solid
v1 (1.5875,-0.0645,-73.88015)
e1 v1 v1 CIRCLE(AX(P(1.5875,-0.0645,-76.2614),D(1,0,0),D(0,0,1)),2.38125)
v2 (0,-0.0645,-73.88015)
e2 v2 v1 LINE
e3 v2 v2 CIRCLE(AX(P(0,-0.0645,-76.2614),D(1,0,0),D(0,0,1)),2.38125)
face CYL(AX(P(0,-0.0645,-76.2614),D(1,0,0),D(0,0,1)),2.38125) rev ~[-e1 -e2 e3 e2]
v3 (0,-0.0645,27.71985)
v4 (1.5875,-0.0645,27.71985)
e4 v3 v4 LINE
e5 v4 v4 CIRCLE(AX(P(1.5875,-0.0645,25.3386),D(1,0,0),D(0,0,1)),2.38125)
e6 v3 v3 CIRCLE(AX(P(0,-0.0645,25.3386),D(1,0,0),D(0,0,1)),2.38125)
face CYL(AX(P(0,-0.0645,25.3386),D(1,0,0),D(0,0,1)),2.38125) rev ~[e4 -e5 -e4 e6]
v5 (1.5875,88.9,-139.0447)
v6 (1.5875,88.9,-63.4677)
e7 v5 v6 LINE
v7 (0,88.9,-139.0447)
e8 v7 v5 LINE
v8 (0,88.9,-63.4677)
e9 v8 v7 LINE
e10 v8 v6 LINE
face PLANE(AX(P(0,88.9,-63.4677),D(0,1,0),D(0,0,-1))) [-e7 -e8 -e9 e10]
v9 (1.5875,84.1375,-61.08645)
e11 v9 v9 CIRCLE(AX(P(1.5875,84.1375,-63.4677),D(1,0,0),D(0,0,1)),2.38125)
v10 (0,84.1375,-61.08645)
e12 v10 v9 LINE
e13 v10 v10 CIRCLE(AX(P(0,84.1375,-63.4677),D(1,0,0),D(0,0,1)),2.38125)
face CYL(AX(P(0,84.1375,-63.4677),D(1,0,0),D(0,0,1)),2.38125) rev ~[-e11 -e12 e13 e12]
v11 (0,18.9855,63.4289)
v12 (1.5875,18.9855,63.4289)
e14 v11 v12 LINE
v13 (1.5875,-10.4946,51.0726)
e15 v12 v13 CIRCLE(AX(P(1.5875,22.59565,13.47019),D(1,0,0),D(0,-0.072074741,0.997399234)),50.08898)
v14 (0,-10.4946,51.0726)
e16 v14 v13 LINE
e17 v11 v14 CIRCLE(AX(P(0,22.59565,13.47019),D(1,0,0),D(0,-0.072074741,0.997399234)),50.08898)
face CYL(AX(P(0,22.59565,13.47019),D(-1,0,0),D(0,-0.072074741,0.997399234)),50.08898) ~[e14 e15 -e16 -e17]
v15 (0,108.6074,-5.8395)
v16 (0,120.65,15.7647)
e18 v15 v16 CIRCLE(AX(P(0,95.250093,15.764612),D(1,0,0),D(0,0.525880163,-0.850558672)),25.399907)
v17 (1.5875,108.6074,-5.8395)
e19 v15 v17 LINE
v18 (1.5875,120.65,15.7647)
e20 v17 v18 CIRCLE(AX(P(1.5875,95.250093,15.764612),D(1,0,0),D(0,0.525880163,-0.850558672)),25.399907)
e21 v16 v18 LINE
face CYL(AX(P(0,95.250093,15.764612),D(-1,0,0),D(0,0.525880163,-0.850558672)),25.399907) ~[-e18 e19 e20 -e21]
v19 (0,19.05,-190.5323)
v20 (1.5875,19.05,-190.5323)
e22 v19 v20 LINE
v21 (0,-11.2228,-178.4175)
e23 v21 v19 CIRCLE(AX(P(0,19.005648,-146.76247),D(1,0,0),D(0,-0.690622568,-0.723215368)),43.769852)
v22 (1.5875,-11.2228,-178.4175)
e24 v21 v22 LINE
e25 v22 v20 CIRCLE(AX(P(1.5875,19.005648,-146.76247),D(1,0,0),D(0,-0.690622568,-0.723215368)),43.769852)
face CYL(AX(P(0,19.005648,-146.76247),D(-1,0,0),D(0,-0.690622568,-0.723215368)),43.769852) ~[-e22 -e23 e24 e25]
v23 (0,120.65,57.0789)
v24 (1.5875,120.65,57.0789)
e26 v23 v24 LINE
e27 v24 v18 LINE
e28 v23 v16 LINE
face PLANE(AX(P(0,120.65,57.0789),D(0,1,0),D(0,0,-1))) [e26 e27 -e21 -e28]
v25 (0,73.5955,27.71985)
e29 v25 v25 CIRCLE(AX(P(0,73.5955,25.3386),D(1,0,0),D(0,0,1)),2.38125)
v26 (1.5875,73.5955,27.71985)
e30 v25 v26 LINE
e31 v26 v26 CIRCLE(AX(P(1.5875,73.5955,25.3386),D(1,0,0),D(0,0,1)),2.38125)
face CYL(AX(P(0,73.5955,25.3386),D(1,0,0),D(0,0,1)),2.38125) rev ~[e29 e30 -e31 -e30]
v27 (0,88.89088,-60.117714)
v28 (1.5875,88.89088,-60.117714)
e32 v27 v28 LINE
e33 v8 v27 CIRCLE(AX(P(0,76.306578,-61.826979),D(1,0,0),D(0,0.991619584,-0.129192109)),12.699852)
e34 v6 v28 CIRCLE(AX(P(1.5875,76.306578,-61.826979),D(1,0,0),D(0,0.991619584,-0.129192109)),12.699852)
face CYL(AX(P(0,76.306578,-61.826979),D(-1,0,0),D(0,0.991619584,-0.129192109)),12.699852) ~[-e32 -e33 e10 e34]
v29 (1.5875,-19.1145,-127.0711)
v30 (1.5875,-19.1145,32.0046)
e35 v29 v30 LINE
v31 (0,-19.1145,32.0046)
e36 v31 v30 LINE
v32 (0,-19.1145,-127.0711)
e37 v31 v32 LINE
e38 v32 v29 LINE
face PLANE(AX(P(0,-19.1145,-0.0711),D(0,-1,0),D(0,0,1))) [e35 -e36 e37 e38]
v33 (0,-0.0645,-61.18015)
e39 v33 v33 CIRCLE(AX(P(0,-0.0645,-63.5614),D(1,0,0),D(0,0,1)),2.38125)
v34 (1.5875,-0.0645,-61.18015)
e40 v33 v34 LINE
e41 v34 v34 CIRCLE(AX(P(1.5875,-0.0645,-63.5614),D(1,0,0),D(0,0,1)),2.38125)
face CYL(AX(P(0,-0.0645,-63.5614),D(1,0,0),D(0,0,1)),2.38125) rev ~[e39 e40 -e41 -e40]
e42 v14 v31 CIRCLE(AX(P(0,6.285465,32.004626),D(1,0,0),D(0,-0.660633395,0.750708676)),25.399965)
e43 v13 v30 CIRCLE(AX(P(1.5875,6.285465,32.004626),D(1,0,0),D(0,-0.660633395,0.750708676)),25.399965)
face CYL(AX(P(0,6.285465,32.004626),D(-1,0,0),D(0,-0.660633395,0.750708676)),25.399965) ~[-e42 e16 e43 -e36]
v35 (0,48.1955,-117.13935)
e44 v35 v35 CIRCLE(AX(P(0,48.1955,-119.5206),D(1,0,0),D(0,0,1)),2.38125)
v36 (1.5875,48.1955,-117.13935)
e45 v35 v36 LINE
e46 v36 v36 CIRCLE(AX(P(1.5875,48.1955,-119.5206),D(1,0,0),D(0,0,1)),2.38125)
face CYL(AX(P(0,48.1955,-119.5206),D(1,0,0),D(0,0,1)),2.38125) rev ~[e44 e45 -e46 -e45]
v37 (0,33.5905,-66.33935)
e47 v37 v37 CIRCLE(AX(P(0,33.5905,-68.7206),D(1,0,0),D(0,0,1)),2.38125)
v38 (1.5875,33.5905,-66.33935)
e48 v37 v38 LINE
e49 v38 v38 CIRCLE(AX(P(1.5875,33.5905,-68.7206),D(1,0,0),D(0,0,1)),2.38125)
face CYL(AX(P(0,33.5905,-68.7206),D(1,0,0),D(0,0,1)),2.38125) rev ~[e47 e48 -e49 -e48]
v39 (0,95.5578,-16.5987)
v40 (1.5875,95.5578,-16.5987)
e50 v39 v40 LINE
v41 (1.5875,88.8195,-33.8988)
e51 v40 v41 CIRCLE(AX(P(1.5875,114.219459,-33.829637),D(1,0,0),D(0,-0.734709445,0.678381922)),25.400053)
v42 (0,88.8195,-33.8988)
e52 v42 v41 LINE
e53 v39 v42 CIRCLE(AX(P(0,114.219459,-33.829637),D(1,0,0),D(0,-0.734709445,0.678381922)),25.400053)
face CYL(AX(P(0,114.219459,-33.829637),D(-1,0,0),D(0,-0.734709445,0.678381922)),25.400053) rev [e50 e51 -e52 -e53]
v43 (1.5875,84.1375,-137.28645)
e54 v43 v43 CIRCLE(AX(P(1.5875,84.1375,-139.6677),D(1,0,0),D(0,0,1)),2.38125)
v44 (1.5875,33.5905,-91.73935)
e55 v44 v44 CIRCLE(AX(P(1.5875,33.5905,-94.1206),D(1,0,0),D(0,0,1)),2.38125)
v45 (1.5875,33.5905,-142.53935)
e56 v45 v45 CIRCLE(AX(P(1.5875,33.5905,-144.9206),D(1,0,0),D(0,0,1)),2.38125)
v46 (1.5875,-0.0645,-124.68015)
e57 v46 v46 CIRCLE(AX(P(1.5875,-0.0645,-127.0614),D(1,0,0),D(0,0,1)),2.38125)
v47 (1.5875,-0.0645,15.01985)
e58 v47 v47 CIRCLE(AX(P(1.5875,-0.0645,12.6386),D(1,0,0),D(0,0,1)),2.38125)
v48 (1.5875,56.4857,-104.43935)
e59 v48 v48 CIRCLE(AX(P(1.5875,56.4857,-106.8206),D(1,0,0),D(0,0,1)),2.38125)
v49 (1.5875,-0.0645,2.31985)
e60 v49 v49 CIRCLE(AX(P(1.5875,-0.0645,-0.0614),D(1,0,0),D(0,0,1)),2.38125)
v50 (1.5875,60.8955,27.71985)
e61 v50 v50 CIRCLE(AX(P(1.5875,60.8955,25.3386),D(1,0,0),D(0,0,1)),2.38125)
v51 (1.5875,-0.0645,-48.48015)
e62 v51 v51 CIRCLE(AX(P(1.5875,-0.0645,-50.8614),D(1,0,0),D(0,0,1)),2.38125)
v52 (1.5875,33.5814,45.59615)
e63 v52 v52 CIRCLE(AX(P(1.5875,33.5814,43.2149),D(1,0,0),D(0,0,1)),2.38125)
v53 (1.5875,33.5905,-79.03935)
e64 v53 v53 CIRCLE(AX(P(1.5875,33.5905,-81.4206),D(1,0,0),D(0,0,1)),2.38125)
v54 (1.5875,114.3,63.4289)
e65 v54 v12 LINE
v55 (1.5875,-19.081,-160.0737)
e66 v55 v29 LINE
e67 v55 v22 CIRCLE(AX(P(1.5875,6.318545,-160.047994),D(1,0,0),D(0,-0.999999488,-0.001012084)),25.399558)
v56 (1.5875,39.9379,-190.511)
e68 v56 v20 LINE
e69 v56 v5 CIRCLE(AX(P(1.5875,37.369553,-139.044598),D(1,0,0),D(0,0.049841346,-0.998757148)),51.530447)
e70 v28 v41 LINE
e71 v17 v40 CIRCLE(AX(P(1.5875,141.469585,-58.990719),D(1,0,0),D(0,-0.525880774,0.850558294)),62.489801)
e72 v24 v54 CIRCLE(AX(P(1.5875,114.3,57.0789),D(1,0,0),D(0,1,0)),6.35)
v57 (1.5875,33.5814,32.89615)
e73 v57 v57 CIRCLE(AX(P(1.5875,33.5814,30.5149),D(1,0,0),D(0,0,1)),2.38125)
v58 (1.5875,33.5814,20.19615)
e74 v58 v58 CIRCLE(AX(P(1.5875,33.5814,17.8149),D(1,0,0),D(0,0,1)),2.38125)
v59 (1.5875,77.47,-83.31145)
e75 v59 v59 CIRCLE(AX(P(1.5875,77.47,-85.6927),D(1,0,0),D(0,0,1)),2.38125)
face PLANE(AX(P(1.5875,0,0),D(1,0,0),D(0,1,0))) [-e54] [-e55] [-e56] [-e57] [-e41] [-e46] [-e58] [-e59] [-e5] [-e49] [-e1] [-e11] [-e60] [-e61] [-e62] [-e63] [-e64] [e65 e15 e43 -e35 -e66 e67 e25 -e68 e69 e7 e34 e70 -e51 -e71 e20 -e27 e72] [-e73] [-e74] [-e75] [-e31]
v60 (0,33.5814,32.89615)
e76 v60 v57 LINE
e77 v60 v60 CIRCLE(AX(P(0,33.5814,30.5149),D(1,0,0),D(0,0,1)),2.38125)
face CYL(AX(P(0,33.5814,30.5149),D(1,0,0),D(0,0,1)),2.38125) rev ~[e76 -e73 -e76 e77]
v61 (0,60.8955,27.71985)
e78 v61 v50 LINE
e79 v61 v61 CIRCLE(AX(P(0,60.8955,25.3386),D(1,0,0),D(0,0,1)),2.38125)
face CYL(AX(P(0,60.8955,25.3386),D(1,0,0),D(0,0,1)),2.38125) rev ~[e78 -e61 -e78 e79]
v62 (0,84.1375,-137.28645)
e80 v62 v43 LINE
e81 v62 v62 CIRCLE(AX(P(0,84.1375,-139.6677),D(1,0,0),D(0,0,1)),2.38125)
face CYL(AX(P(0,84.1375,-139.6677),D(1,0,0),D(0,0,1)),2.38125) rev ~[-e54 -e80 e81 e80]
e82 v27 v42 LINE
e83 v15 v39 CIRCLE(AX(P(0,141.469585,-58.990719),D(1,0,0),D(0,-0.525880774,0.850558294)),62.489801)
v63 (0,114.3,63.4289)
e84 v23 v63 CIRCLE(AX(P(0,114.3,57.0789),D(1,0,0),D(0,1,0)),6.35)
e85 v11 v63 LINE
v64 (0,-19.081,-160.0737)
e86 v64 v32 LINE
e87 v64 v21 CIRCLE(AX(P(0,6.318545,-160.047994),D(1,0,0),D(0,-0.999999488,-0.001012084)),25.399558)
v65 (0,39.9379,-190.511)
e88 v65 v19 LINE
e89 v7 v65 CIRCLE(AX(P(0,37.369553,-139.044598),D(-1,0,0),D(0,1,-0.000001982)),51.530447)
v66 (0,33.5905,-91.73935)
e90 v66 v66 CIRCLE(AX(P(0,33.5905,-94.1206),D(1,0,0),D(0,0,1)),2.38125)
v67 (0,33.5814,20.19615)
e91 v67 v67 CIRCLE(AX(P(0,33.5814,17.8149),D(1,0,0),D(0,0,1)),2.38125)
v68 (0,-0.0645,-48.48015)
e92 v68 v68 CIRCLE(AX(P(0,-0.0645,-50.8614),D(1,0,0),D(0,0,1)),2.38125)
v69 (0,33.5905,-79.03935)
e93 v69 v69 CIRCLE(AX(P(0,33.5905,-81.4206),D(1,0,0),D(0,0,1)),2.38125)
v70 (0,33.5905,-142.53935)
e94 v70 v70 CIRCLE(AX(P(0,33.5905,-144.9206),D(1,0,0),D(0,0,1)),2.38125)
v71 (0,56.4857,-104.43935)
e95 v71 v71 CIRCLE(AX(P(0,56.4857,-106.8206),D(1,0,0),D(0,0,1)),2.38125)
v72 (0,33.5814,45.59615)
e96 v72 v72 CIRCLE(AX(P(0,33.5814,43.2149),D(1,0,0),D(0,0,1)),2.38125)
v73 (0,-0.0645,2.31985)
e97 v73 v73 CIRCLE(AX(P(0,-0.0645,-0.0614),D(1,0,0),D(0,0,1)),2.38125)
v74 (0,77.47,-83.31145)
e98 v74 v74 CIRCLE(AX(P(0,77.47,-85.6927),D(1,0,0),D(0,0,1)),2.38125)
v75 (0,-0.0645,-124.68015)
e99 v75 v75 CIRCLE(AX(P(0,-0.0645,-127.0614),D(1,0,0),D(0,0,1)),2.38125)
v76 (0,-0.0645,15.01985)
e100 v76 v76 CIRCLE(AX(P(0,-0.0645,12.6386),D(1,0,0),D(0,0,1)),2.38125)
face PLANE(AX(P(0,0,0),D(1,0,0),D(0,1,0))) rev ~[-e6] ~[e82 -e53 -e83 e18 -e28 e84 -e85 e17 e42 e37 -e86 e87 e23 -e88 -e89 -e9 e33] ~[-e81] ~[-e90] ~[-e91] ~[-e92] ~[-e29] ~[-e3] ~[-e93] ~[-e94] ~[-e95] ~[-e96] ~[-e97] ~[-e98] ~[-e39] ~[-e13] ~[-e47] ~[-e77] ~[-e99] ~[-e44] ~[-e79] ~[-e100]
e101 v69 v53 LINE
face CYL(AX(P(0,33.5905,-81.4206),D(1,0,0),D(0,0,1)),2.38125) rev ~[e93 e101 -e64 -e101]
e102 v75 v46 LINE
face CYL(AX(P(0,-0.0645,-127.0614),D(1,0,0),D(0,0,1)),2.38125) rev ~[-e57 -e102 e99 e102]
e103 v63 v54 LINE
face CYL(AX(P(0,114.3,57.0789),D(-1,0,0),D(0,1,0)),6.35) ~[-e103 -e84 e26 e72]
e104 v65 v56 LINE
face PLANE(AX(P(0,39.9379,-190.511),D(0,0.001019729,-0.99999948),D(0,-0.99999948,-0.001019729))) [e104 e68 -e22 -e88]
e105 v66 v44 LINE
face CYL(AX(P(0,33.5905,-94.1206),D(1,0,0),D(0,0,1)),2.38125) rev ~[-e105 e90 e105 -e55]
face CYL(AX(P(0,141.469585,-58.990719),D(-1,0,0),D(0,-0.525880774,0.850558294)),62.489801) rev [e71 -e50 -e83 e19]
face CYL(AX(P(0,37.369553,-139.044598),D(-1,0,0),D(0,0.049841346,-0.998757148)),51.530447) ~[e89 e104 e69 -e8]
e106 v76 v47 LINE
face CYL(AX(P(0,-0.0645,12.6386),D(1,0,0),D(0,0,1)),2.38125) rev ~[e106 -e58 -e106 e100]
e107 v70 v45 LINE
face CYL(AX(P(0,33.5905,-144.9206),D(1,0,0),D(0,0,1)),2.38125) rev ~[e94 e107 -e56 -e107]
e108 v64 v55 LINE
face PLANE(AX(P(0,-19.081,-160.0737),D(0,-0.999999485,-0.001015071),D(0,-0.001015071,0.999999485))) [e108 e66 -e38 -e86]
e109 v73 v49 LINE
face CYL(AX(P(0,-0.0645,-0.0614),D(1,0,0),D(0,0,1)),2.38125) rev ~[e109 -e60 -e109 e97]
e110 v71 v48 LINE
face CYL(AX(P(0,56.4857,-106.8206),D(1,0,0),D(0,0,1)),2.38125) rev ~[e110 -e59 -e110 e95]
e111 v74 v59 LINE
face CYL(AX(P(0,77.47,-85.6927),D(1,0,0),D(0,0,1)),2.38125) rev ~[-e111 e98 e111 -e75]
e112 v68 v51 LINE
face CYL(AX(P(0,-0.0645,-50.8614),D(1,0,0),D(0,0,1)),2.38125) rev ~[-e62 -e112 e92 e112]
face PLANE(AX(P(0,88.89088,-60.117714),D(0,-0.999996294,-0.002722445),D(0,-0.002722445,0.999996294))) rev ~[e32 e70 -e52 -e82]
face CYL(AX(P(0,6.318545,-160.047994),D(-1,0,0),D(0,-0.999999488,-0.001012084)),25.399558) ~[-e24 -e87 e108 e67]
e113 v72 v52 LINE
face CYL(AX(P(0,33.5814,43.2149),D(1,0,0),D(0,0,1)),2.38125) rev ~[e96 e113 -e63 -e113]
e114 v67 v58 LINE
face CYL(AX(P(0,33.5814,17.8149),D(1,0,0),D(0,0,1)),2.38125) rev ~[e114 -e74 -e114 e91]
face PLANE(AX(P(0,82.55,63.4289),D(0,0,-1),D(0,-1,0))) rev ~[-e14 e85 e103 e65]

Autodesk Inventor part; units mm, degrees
ref_plane "YZ Plane" through (0, 0, 0) normal (1, 0, 0) x (0, 1, 0)
ref_plane "XZ Plane" through (0, 0, 0) normal (0, 1, 0) x (-1, 0, 0)
ref_plane "XY Plane" through (0, 0, 0) normal (0, 0, 1) x (1, 0, 0)
sketch "Sketch1" plane through (0, 0, 0) normal (1, 0, 0) x (0, 1, 0)
  line L0 (-0.0645, -0.0614) -> (-0.0645, 12.6386) construction
  line L1 (-0.0645, 12.6386) -> (-0.0645, 25.3386) construction
  line L2 (-0.0645, -0.0614) -> (33.5905, -0.0614) construction
  line L3 (-0.0645, -0.0614) -> (33.5814, 17.8149) construction
  line L4 (33.5814, 17.8149) -> (33.5814, 30.5149) construction
  line L5 (33.5814, 30.5149) -> (33.5814, 43.2149) construction
  line L6 (-0.0645, -0.0614) -> (-0.0645, -25.4614) construction
  line L7 (-0.0645, -25.4614) -> (-0.0645, -50.8614) construction
  line L8 (-0.0645, -50.8614) -> (-0.0645, -88.9614) construction
  line L9 (-0.0645, -88.9614) -> (-0.0645, -127.0614) construction
  line L10 (-0.0645, -127.0614) -> (33.5905, -127.0614) construction
  line L11 (-0.0645, -127.0614) -> (33.5905, -144.9206) construction
  line L12 (-0.0645, -50.8614) -> (33.5905, -50.8614) construction
  line L13 (-0.0645, -50.8614) -> (33.5905, -68.7206) construction
  line L14 (33.5905, -68.7206) -> (33.5905, -81.4206) construction
  line L15 (33.5905, -81.4206) -> (33.5905, -94.1206) construction
  line L16 (33.5905, -144.9206) -> (33.5905, -106.8206) construction
  line L17 (33.5905, -106.8206) -> (96.5027, -106.8206) construction
  line L18 (33.5905, -144.9206) -> (56.4857, -106.8206) construction
  line L19 (33.5905, -68.7206) -> (56.4857, -106.8206) construction
  line L20 (-0.0645, -50.8614) -> (-0.0645, -63.5614) construction
  line L21 (-0.0645, -63.5614) -> (-0.0645, -76.2614) construction
  line L22 (33.5905, -0.0614) -> (67.2455, -0.0614) construction
  line L23 (67.2455, -0.0614) -> (33.5814, 17.8149) construction
  line L24 (67.2455, -0.0614) -> (67.2455, 25.3386) construction
  line L25 (67.2455, 25.3386) -> (67.2455, 25.3386) construction
  line L26 (67.2455, 25.3386) -> (73.5955, 25.3386) construction
  line L27 (67.2455, 25.3386) -> (60.8955, 25.3386) construction
  line L28 (-19.1145, -0.0711) -> (-19.1145, -127.0711)
  line L29 (-19.1145, -0.0711) -> (-19.1145, 32.0046)
  line L30 (-19.1145, 63.4289) -> (18.9855, 63.4289) construction
  line L31 (39.9379, -190.511) -> (19.05, -190.5323)
  line L32 (-19.05, -190.571) -> (-19.0726, -168.346) construction
  line L33 (-19.1145, 63.4289) -> (18.9855, 63.4289)
  line L34 (-19.1145, 63.4289) -> (-19.1145, 41.2039) construction
  line L35 (-19.05, -190.571) -> (-19.0726, -168.346)
  line L36 (-19.05, -190.571) -> (19.05, -190.5323) construction
  arc A0 (-11.2228, -178.4175) -> (19.05, -190.5323) centre (19.0055, -146.7627) ccw
  arc A1 (18.9855, 63.4289) -> (-10.4946, 51.0726) centre (22.5956, 13.4704) ccw
  line L37 (-19.1145, 41.2039) -> (-19.1145, 63.4289)
  line L38 (-19.081, -160.0737) -> (-19.1145, -127.0711)
  line L39 (19.05, -190.5323) -> (-19.05, -190.571)
  arc A2 (-10.4946, 51.0726) -> (-19.1145, 32.0046) centre (6.2855, 32.0046) ccw
  arc A3 (-19.081, -160.0737) -> (-11.2228, -178.4175) centre (6.319, -160.0479) ccw
  line L40 (82.55, -43.1133) -> (82.55, -47.5335)
  line L41 (82.55, -190.4677) -> (82.55, -154.3842)
  line L42 (82.55, 3.175) -> (82.55, 63.4289)
  line L43 (82.55, 63.4289) -> (18.9855, 63.4289)
  line L44 (19.05, -190.5323) -> (50.8, -190.5)
  line L45 (82.55, -190.4677) -> (82.55, -117.4427)
  arc A4 (59.4372, -181.357) -> (82.55, -117.4427) centre (-17.378, -117.4427) ccw
  arc A5 (39.9379, -190.511) -> (59.4372, -181.357) centre (39.9121, -165.1111) ccw
  line L46 (82.55, 63.4289) -> (82.55, -38.1711)
  line L47 (82.55, 63.4289) -> (114.3, 63.4289)
  line L48 (120.65, 57.0789) -> (120.65, 15.7647)
  arc A6 (108.6074, -5.8395) -> (95.5578, -16.5987) centre (141.4695, -58.9906) ccw
  arc A7 (84.9949, -32.2402) -> (82.55, -43.1133) centre (107.95, -43.1133) ccw
  arc A8 (108.6074, -5.8395) -> (120.65, 15.7647) centre (95.25, 15.7647) ccw
  arc A9 (120.65, 57.0789) -> (114.3, 63.4289) centre (114.3, 57.0789) ccw
  line L49 (82.55, -190.4677) -> (82.55, -79.4019)
  line L50 (82.55, -63.4677) -> (84.1375, -63.4677)
  line L51 (82.55, -117.4427) -> (82.55, -134.9348)
  line L52 (82.55, -117.4427) -> (82.55, -113.6327)
  line L53 (82.55, -63.4677) -> (88.9, -63.4677)
  line L54 (82.55, -63.4677) -> (82.55, -76.1677)
  line L55 (82.55, -63.4677) -> (82.55, -50.7677)
  arc A10 (88.9, -63.4677) -> (84.7021, -52.298) centre (76.3064, -61.827) ccw
  arc A11 (82.55, -47.5335) -> (84.7021, -52.298) centre (88.9, -47.5335) ccw
  arc A12 (84.7021, -74.6374) -> (82.55, -79.4019) centre (88.9, -79.4019) ccw
  line L56 (82.55, -63.4677) -> (84.1375, -63.4677)
  line L57 (84.1375, -63.4677) -> (84.1375, -139.6677)
  line L58 (82.55, -117.4427) -> (95.25, -139.6677)
  line L59 (95.25, -139.6677) -> (75.6405, -153.9552)
  line L60 (82.55, -63.4677) -> (77.47, -63.4677)
  line L61 (77.47, -63.4677) -> (77.47, -85.6927)
  line L62 (88.9, -63.4677) -> (88.9, -139.0447)
  line L63 (88.9, -63.4677) -> (88.8195, -33.8988)
  arc A13 (95.5578, -16.5987) -> (88.8195, -33.8988) centre (114.2194, -33.8296) ccw
  line L64 (33.5905, -144.9206) -> (48.1955, -144.9206)
  line L65 (48.1955, -144.9206) -> (48.1955, -119.5206)
  arc A14 (39.9379, -190.511) -> (88.9, -139.0447) centre (37.3696, -139.0447) ccw
  line L66 (84.1375, -139.6677) -> (48.1955, -139.6677)
  line L67 (48.1955, -139.6677) -> (48.1955, -119.5206)
  point P0 (82.55, -106.8206)
  point P1 (120.65, 63.4289)
  point P2 (120.65, -0.0711)
  point P3 (82.55, -148.9209)
  point P4 (88.7962, -25.3679)
  point P5 (88.8909, -60.1177)
  point P6 (44.795, -190.0373)
  dimension "d81" = 33.655
  dimension "d82" = 38.1
  dimension "d86" = 12.7
  dimension "d93" = 25.4
  dimension "d94" = 38.1
  dimension "d95" = 38.1
  dimension "d98" = 33.655
  dimension "d109" = 38.1
  dimension "d110" = 12.7
  dimension "d111" = 12.7
  dimension "d112" = 38.1
  dimension "d113" = 44.45
  dimension "d114" = 12.7
  dimension "d115" = 12.7
  dimension "d116" = 33.655
  dimension "d117" = 25.4
  dimension "d118" = 0
  dimension "d119" = 6.35
  dimension "d120" = 6.35
  dimension "d122" = 19.05
  dimension "d126" = 127
  dimension "d127" = 63.5
  dimension "d129" = 38.1
  dimension "d130" = 22.225
  dimension "d131" = 22.225
  dimension "d132" = 38.1
  dimension "d133" = 50.0888
  dimension "d134" = 25.4
  dimension "d135" = 25.4
  dimension "d137" = 31.75
  dimension "d138" = 73.025
  dimension "d139" = 25.4
  dimension "d140" = 101.6
  dimension "d141" = 38.1
  dimension "d142" = 25.4
  dimension "d143" = 6.35
  dimension "d144" = 62.4897
  dimension "d145" = 127
  dimension "d153" = 6.35
  dimension "d154" = 12.7
  dimension "d155" = 12.7
  dimension "d157" = 12.7
  dimension "d158" = 6.35
  dimension "d159" = 1.5875
  dimension "d160" = 76.2
  dimension "d161" = 5.08
  dimension "d162" = 22.225
  dimension "d163" = 38.1
  dimension "d164" = 25.4
  dimension "d166" = 25.4
extrude "Extrusion1" add sketch "Sketch1" along normal blind 1.5875 contours L29 A2 A1 L43 L47 A9 L48 A8 A6 A13 L63 L53 L57 A12 L49 A4 A5 A14 L31 A0 A3 L38 L28 | A5 A4 L59 L45 L41 A14 | L41 L45 L59 A14 | A4 L66 L45 L59 | L59 L45 L66 L57 L58 L62 A14 | A4 L45 L66 | L58 L57 L66 L45 | L49 A12 L57 L58 | L58 L57 L53 L62 | L63 A10
hole "Hole4" at (0, -0.0645, -0.0614) at (0, -0.0645, 12.6386) at (0, -0.0645, 25.3386) at (0, -0.0645, -127.0614) at (0, 33.5905, -144.9206) at (0, -0.0645, -50.8614) at (0, 33.5814, 43.2149) at (0, 33.5814, 30.5149) at (0, 33.5814, 17.8149) at (0, 33.5905, -68.7206) at (0, 33.5905, -81.4206) at (0, 33.5905, -94.1206) at (0, -0.0645, -63.5614) at (0, -0.0645, -76.2614) at (0, 56.4857, -106.8206) at (0, 60.8955, 25.3386) at (0, 73.5955, 25.3386) at (0, 48.1955, -119.5206) at (0, 84.1375, -63.4677) at (0, 77.47, -85.6927) at (0, 84.1375, -139.6677) direction (1, 0, 0) diameter 4.7625 end through all
properties part number "dtplate"
